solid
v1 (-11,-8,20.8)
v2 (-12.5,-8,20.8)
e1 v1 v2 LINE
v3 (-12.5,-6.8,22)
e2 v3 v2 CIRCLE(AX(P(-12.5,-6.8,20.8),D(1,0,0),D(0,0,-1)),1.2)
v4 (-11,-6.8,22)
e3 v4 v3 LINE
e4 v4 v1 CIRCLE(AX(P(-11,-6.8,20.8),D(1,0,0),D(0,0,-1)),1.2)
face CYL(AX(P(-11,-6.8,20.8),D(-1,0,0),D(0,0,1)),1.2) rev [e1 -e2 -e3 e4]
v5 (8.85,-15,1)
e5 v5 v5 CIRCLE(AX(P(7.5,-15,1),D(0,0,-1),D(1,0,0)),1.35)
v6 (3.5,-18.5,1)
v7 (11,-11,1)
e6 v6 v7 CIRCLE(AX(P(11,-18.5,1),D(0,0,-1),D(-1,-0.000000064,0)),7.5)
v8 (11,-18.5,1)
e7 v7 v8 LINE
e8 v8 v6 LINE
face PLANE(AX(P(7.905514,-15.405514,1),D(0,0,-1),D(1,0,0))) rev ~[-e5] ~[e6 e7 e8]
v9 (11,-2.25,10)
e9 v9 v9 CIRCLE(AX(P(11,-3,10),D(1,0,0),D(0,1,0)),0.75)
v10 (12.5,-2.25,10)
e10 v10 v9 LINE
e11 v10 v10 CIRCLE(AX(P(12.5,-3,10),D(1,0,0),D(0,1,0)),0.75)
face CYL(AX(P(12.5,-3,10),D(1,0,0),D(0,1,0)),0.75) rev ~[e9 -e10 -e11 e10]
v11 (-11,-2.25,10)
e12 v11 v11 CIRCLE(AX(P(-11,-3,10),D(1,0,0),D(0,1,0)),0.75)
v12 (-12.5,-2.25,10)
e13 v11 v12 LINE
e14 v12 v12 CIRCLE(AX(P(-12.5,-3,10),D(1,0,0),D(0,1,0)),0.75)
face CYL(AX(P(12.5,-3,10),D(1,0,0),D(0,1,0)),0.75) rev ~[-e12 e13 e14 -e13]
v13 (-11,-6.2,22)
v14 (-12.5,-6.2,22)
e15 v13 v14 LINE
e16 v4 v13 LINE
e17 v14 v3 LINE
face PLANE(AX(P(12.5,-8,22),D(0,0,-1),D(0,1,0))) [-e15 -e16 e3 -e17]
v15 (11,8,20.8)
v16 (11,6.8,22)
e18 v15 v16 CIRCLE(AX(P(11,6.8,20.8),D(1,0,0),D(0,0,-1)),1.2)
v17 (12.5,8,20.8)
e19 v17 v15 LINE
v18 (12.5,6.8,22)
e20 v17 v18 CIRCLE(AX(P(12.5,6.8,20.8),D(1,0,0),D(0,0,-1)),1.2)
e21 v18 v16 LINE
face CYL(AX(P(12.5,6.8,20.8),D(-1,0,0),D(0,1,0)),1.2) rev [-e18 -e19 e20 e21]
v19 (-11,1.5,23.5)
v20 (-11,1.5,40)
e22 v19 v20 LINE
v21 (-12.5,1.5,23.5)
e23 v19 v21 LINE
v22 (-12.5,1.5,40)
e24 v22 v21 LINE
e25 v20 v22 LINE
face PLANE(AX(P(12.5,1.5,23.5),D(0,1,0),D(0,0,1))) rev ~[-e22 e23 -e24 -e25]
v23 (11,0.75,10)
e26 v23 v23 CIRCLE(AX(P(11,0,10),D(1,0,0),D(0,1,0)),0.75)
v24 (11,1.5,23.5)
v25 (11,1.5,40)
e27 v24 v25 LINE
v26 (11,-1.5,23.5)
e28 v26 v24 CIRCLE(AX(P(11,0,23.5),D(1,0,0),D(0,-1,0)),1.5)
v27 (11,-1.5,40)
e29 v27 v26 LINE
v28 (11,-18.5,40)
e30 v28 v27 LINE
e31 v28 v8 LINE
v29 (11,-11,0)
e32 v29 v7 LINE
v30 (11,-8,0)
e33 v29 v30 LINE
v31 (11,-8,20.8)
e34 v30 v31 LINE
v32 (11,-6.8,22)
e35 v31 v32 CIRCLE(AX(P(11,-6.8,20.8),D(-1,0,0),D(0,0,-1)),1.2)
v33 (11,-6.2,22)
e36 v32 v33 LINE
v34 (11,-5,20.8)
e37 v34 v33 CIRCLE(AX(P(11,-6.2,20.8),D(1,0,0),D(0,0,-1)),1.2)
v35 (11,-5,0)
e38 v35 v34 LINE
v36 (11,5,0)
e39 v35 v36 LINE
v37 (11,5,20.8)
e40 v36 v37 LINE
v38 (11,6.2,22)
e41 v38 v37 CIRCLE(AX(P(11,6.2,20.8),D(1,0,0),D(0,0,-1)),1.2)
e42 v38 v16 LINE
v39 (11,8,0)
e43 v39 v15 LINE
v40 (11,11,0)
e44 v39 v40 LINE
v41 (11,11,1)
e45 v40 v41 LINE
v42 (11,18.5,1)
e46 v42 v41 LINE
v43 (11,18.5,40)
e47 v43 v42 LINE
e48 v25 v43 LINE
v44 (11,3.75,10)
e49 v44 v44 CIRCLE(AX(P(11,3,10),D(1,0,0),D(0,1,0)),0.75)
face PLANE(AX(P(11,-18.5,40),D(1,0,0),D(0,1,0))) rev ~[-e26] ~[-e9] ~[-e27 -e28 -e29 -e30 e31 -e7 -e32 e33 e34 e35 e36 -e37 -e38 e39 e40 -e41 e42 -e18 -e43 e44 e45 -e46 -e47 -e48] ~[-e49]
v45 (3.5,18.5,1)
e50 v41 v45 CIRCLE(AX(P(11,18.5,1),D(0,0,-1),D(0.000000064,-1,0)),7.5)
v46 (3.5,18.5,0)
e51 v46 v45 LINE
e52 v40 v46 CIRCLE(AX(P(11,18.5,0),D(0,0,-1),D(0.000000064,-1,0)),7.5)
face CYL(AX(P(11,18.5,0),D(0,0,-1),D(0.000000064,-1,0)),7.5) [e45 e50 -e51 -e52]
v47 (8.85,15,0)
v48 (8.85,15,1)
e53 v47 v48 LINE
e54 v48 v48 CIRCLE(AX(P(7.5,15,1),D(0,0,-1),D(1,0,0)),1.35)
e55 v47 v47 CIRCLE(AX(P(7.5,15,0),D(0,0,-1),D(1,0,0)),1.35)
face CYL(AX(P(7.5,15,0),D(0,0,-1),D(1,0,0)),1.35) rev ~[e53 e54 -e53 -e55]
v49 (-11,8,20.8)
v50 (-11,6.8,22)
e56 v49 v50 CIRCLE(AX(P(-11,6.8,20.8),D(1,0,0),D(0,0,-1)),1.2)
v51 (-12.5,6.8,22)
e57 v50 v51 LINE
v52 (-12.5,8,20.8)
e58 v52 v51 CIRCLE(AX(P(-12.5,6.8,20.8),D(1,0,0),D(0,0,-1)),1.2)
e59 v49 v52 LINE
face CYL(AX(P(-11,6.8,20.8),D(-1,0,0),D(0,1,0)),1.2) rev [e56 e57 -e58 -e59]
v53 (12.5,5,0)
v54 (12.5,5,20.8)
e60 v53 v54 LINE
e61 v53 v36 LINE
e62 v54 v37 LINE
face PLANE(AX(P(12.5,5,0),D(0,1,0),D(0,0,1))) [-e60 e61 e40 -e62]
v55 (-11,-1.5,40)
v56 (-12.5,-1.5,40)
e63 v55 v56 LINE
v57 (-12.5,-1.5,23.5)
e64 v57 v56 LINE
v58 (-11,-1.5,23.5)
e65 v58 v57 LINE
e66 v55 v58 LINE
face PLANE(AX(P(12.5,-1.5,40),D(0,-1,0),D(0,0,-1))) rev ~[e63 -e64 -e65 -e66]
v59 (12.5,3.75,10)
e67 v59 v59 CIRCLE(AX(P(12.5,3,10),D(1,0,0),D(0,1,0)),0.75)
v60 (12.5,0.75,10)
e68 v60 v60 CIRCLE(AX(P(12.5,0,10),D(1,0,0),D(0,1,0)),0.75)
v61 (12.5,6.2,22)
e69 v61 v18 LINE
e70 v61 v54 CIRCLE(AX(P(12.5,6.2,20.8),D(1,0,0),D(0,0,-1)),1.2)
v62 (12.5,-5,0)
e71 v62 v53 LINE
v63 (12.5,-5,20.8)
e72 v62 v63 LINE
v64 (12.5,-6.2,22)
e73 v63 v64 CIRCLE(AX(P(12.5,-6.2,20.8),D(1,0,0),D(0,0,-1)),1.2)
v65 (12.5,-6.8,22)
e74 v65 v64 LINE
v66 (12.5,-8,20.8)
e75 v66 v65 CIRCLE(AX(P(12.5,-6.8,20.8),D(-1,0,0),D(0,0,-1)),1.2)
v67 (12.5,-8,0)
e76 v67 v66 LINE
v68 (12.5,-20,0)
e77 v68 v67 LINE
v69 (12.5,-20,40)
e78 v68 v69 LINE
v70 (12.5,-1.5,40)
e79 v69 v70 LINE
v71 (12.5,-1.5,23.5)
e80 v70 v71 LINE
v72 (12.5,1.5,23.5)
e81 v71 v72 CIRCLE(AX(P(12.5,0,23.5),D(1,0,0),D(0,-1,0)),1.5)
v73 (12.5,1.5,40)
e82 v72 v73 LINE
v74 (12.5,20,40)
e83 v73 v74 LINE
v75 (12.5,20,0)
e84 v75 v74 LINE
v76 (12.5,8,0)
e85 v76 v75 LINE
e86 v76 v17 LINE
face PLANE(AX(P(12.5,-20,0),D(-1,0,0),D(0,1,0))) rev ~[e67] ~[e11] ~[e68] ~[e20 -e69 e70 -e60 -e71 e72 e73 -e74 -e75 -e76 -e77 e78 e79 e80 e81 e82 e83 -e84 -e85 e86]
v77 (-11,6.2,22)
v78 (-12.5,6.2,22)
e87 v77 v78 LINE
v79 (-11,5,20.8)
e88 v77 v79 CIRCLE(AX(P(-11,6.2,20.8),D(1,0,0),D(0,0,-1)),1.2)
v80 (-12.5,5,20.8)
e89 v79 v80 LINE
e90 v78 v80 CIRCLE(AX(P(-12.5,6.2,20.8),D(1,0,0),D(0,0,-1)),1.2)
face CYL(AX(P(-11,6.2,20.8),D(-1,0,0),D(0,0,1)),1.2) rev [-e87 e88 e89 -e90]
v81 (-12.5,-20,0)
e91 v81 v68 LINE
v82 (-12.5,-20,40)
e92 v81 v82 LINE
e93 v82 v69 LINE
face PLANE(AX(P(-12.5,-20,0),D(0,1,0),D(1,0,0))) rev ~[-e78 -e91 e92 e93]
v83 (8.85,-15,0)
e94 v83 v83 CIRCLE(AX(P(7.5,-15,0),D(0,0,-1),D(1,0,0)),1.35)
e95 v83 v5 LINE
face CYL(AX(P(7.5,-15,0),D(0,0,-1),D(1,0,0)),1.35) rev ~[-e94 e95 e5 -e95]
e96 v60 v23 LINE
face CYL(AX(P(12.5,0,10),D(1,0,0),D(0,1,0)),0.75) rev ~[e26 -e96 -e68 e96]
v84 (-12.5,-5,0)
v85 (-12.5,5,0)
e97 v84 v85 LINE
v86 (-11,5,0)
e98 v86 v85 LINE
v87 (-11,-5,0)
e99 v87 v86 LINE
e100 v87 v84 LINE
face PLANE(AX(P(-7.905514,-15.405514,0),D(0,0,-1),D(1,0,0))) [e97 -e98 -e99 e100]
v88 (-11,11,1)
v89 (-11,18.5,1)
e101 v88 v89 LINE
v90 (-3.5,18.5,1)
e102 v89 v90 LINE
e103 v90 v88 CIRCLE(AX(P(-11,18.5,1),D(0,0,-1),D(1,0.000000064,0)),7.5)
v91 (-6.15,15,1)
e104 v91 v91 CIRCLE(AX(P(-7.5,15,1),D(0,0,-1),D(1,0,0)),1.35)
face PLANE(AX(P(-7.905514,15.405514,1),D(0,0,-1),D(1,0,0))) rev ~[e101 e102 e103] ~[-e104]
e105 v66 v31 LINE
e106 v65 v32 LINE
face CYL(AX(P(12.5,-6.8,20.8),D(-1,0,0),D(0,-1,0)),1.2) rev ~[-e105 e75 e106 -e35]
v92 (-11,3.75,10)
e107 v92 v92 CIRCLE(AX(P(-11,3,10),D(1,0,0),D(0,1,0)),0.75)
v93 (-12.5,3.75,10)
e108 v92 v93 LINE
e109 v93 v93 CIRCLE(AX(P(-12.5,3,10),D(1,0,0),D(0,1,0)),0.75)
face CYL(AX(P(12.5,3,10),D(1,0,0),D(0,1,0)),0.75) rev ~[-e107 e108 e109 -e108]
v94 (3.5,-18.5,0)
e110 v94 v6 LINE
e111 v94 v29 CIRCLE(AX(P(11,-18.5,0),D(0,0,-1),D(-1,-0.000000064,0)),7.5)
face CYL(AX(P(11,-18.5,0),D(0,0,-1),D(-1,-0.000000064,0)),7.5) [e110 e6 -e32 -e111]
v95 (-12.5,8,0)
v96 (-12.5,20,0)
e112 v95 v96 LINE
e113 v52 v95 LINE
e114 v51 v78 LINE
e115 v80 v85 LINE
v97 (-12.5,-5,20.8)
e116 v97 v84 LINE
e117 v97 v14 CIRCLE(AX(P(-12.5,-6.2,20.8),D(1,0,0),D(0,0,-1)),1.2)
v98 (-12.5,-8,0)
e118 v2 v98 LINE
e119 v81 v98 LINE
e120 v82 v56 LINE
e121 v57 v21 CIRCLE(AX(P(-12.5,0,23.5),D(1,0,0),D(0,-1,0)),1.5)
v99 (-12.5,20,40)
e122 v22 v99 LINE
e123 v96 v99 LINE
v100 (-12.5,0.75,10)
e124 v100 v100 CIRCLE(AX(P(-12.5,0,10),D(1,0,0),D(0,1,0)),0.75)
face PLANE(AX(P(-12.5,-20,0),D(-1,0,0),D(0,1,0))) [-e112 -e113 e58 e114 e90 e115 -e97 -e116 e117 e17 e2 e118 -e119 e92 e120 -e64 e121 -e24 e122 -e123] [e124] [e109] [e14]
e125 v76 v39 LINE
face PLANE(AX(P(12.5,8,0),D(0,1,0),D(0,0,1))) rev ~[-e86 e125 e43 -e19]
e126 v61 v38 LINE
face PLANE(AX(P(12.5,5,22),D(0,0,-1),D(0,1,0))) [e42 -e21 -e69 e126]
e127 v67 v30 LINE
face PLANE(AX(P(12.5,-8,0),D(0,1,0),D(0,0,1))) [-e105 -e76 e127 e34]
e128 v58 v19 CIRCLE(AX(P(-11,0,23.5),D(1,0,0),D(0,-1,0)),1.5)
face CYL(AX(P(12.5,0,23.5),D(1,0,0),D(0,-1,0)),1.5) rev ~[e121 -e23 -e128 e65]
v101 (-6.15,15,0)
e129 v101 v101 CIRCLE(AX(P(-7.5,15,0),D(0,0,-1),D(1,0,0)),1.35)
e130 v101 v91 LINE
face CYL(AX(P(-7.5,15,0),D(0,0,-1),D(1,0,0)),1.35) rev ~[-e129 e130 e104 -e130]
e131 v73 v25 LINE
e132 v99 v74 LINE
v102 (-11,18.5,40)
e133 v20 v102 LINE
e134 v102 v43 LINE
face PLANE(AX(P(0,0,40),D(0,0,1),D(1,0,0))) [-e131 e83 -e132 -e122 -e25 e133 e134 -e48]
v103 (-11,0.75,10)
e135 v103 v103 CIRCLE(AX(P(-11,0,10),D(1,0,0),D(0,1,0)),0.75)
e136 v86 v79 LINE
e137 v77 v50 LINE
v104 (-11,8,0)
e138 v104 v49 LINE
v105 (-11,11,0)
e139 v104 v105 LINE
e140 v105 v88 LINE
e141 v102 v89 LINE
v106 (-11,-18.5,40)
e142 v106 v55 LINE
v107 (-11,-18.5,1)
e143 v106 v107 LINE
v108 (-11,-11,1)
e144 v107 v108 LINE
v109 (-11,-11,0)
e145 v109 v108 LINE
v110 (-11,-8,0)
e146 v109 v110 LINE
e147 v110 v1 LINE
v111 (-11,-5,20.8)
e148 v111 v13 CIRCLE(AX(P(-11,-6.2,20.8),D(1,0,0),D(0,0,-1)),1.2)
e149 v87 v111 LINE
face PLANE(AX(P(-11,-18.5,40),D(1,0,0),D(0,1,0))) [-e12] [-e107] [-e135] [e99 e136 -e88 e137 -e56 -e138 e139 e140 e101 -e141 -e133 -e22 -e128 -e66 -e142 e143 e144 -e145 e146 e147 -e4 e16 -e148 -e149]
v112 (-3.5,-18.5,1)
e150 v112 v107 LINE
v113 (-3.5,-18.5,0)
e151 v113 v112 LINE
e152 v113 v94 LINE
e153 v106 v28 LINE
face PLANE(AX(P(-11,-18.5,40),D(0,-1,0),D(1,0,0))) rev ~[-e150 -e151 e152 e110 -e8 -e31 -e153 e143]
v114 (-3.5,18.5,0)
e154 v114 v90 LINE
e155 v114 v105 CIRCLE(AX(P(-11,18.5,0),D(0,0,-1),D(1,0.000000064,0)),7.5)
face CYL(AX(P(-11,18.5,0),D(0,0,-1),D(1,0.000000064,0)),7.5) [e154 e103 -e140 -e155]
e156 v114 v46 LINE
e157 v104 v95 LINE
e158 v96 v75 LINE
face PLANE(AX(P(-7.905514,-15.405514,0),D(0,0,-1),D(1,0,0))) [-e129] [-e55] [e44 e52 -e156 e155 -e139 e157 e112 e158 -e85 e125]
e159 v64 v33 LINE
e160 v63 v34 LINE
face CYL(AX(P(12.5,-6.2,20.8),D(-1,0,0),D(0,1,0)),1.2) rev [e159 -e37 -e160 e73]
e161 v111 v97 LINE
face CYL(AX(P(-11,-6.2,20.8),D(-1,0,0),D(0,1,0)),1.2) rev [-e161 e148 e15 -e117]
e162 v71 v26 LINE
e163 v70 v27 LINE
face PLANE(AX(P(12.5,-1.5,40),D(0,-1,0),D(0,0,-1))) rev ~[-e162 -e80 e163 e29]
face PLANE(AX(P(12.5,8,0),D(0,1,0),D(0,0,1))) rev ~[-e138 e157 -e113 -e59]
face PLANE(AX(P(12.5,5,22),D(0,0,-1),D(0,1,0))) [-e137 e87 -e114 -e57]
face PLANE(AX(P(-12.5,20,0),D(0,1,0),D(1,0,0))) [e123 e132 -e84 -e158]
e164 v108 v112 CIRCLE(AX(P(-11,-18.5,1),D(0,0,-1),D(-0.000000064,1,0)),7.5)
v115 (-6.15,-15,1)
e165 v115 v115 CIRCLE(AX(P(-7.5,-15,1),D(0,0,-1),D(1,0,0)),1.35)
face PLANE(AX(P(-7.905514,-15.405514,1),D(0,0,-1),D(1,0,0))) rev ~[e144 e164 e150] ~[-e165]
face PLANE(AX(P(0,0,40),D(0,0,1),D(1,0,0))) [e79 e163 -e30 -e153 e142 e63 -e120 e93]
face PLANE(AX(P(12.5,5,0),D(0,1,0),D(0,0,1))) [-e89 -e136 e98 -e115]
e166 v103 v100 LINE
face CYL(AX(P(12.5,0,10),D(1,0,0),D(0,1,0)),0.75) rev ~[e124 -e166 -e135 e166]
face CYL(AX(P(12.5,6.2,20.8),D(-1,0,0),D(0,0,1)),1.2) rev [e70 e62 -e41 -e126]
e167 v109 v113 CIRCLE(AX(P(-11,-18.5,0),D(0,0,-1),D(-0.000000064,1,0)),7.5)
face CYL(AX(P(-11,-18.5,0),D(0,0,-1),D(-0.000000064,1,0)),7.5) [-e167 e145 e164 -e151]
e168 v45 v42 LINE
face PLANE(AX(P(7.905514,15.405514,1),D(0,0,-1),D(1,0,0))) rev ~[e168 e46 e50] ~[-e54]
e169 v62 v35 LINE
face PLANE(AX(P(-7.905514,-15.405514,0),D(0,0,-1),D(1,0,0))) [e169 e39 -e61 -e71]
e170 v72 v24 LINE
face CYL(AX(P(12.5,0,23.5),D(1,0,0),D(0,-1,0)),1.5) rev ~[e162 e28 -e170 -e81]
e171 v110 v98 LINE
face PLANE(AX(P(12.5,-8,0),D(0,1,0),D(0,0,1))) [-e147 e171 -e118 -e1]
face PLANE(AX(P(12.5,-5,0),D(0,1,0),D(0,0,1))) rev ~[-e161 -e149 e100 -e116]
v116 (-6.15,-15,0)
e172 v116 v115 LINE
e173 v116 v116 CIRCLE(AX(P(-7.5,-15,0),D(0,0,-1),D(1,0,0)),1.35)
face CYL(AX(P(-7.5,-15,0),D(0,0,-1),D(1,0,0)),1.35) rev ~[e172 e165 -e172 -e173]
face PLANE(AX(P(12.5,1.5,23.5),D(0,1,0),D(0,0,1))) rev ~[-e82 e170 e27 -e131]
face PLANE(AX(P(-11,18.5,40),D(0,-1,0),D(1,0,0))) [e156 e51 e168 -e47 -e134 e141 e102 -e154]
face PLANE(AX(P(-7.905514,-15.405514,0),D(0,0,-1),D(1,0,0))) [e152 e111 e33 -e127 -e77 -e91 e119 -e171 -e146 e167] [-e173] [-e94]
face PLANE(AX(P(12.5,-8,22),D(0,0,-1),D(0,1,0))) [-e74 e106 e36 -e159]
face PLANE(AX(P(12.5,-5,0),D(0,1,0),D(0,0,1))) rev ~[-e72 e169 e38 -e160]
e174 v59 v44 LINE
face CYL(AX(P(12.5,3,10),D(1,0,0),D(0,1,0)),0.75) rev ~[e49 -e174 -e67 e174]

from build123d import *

# Parameters (mm, degrees)
F0_W      = 25
F0_H      = 40
F1_DEPTH  = 40
F2_W      = 22
F2_H      = 37
F3_DEPTH  = 40.001
F5_DEPTH  = 1
F6_R      = 1.35
F7_DEPTH  = 40.001
F8_W      = 3
F8_H      = 22
F9_DEPTH  = 25.001
F10_R     = 1.2
F11_R     = 0.75
F12_DEPTH = 25.001


with BuildPart() as f1:
    # F0 (on Top) → F1 (new body)
    with BuildSketch(Plane.XY):
        Rectangle(F0_W, F0_H)
    extrude(amount=F1_DEPTH)

    # F2 (on face) → F3 (cut, through all)
    with BuildSketch(Plane.XY.offset(40)):
        Rectangle(F2_W, F2_H)
    extrude(amount=-F3_DEPTH, mode=Mode.SUBTRACT)

    # F4 (on face) → F5 (join)
    with BuildSketch(Plane(origin=(0, 0, 0), x_dir=(1, 0, 0), z_dir=(0, 0, -1))):
        with BuildLine():
            Line((-11, 18.5), (-11, 11))
            ThreePointArc((-11, 11), (-5.696699, 13.196699), (-3.5, 18.5))
            Line((-3.5, 18.5), (-11, 18.5))
        make_face()
        with BuildLine():
            Line((11, 18.5), (3.5, 18.5))
            ThreePointArc((3.5, 18.5), (5.696699, 13.196699), (11, 11))
            Line((11, 11), (11, 18.5))
        make_face()
        with BuildLine():
            Line((11, -18.5), (11, -11))
            ThreePointArc((11, -11), (5.696699, -13.196699), (3.5, -18.5))
            Line((3.5, -18.5), (11, -18.5))
        make_face()
        with BuildLine():
            Line((-11, -18.5), (-3.5, -18.5))
            ThreePointArc((-3.5, -18.5), (-5.696699, -13.196699), (-11, -11))
            Line((-11, -11), (-11, -18.5))
        make_face()
    extrude(amount=-F5_DEPTH)

    # F6 (on face) → F7 (cut, through all)
    with BuildSketch(Plane(origin=(0, 0, 0), x_dir=(1, 0, 0), z_dir=(0, 0, -1))):
        with Locations((7.5, 15)):
            Circle(F6_R)
        with Locations((-7.5, 15)):
            Circle(F6_R)
        with Locations((7.5, -15)):
            Circle(F6_R)
        with Locations((-7.5, -15)):
            Circle(F6_R)
    extrude(amount=-F7_DEPTH, mode=Mode.SUBTRACT)

    # F8 (on face) → F9 (cut, through all)
    with BuildSketch(Plane.YZ.offset(12.5)):
        with Locations((-6.5, 11)):
            Rectangle(F8_W, F8_H)
        with Locations((6.5, 11)):
            Rectangle(F8_W, F8_H)
        with BuildLine():
            Line((-1.5, 40), (-1.5, 23.5))
            ThreePointArc((-1.5, 23.5), (0, 22), (1.5, 23.5))
            Line((1.5, 23.5), (1.5, 40))
            Line((1.5, 40), (-1.5, 40))
        make_face()
    extrude(amount=-F9_DEPTH, mode=Mode.SUBTRACT)

    # F10
    f10_edges = [f1.edges().sort_by_distance(p)[0] for p in [
        (11.75, -5, 22),
        (-11.75, -5, 22),
        (11.75, -8, 22),
        (-11.75, -8, 22),
        (11.75, 5, 22),
        (-11.75, 5, 22),
        (11.75, 8, 22),
        (-11.75, 8, 22),
    ]]
    fillet(f10_edges, radius=F10_R)

    # F11 (on face) → F12 (cut, through all)
    with BuildSketch(Plane.YZ.offset(12.5)):
        with Locations((-3, 10)):
            Circle(F11_R)
        with Locations((0, 10)):
            Circle(F11_R)
        with Locations((3, 10)):
            Circle(F11_R)
    extrude(amount=-F12_DEPTH, mode=Mode.SUBTRACT)


solid = f1.part
